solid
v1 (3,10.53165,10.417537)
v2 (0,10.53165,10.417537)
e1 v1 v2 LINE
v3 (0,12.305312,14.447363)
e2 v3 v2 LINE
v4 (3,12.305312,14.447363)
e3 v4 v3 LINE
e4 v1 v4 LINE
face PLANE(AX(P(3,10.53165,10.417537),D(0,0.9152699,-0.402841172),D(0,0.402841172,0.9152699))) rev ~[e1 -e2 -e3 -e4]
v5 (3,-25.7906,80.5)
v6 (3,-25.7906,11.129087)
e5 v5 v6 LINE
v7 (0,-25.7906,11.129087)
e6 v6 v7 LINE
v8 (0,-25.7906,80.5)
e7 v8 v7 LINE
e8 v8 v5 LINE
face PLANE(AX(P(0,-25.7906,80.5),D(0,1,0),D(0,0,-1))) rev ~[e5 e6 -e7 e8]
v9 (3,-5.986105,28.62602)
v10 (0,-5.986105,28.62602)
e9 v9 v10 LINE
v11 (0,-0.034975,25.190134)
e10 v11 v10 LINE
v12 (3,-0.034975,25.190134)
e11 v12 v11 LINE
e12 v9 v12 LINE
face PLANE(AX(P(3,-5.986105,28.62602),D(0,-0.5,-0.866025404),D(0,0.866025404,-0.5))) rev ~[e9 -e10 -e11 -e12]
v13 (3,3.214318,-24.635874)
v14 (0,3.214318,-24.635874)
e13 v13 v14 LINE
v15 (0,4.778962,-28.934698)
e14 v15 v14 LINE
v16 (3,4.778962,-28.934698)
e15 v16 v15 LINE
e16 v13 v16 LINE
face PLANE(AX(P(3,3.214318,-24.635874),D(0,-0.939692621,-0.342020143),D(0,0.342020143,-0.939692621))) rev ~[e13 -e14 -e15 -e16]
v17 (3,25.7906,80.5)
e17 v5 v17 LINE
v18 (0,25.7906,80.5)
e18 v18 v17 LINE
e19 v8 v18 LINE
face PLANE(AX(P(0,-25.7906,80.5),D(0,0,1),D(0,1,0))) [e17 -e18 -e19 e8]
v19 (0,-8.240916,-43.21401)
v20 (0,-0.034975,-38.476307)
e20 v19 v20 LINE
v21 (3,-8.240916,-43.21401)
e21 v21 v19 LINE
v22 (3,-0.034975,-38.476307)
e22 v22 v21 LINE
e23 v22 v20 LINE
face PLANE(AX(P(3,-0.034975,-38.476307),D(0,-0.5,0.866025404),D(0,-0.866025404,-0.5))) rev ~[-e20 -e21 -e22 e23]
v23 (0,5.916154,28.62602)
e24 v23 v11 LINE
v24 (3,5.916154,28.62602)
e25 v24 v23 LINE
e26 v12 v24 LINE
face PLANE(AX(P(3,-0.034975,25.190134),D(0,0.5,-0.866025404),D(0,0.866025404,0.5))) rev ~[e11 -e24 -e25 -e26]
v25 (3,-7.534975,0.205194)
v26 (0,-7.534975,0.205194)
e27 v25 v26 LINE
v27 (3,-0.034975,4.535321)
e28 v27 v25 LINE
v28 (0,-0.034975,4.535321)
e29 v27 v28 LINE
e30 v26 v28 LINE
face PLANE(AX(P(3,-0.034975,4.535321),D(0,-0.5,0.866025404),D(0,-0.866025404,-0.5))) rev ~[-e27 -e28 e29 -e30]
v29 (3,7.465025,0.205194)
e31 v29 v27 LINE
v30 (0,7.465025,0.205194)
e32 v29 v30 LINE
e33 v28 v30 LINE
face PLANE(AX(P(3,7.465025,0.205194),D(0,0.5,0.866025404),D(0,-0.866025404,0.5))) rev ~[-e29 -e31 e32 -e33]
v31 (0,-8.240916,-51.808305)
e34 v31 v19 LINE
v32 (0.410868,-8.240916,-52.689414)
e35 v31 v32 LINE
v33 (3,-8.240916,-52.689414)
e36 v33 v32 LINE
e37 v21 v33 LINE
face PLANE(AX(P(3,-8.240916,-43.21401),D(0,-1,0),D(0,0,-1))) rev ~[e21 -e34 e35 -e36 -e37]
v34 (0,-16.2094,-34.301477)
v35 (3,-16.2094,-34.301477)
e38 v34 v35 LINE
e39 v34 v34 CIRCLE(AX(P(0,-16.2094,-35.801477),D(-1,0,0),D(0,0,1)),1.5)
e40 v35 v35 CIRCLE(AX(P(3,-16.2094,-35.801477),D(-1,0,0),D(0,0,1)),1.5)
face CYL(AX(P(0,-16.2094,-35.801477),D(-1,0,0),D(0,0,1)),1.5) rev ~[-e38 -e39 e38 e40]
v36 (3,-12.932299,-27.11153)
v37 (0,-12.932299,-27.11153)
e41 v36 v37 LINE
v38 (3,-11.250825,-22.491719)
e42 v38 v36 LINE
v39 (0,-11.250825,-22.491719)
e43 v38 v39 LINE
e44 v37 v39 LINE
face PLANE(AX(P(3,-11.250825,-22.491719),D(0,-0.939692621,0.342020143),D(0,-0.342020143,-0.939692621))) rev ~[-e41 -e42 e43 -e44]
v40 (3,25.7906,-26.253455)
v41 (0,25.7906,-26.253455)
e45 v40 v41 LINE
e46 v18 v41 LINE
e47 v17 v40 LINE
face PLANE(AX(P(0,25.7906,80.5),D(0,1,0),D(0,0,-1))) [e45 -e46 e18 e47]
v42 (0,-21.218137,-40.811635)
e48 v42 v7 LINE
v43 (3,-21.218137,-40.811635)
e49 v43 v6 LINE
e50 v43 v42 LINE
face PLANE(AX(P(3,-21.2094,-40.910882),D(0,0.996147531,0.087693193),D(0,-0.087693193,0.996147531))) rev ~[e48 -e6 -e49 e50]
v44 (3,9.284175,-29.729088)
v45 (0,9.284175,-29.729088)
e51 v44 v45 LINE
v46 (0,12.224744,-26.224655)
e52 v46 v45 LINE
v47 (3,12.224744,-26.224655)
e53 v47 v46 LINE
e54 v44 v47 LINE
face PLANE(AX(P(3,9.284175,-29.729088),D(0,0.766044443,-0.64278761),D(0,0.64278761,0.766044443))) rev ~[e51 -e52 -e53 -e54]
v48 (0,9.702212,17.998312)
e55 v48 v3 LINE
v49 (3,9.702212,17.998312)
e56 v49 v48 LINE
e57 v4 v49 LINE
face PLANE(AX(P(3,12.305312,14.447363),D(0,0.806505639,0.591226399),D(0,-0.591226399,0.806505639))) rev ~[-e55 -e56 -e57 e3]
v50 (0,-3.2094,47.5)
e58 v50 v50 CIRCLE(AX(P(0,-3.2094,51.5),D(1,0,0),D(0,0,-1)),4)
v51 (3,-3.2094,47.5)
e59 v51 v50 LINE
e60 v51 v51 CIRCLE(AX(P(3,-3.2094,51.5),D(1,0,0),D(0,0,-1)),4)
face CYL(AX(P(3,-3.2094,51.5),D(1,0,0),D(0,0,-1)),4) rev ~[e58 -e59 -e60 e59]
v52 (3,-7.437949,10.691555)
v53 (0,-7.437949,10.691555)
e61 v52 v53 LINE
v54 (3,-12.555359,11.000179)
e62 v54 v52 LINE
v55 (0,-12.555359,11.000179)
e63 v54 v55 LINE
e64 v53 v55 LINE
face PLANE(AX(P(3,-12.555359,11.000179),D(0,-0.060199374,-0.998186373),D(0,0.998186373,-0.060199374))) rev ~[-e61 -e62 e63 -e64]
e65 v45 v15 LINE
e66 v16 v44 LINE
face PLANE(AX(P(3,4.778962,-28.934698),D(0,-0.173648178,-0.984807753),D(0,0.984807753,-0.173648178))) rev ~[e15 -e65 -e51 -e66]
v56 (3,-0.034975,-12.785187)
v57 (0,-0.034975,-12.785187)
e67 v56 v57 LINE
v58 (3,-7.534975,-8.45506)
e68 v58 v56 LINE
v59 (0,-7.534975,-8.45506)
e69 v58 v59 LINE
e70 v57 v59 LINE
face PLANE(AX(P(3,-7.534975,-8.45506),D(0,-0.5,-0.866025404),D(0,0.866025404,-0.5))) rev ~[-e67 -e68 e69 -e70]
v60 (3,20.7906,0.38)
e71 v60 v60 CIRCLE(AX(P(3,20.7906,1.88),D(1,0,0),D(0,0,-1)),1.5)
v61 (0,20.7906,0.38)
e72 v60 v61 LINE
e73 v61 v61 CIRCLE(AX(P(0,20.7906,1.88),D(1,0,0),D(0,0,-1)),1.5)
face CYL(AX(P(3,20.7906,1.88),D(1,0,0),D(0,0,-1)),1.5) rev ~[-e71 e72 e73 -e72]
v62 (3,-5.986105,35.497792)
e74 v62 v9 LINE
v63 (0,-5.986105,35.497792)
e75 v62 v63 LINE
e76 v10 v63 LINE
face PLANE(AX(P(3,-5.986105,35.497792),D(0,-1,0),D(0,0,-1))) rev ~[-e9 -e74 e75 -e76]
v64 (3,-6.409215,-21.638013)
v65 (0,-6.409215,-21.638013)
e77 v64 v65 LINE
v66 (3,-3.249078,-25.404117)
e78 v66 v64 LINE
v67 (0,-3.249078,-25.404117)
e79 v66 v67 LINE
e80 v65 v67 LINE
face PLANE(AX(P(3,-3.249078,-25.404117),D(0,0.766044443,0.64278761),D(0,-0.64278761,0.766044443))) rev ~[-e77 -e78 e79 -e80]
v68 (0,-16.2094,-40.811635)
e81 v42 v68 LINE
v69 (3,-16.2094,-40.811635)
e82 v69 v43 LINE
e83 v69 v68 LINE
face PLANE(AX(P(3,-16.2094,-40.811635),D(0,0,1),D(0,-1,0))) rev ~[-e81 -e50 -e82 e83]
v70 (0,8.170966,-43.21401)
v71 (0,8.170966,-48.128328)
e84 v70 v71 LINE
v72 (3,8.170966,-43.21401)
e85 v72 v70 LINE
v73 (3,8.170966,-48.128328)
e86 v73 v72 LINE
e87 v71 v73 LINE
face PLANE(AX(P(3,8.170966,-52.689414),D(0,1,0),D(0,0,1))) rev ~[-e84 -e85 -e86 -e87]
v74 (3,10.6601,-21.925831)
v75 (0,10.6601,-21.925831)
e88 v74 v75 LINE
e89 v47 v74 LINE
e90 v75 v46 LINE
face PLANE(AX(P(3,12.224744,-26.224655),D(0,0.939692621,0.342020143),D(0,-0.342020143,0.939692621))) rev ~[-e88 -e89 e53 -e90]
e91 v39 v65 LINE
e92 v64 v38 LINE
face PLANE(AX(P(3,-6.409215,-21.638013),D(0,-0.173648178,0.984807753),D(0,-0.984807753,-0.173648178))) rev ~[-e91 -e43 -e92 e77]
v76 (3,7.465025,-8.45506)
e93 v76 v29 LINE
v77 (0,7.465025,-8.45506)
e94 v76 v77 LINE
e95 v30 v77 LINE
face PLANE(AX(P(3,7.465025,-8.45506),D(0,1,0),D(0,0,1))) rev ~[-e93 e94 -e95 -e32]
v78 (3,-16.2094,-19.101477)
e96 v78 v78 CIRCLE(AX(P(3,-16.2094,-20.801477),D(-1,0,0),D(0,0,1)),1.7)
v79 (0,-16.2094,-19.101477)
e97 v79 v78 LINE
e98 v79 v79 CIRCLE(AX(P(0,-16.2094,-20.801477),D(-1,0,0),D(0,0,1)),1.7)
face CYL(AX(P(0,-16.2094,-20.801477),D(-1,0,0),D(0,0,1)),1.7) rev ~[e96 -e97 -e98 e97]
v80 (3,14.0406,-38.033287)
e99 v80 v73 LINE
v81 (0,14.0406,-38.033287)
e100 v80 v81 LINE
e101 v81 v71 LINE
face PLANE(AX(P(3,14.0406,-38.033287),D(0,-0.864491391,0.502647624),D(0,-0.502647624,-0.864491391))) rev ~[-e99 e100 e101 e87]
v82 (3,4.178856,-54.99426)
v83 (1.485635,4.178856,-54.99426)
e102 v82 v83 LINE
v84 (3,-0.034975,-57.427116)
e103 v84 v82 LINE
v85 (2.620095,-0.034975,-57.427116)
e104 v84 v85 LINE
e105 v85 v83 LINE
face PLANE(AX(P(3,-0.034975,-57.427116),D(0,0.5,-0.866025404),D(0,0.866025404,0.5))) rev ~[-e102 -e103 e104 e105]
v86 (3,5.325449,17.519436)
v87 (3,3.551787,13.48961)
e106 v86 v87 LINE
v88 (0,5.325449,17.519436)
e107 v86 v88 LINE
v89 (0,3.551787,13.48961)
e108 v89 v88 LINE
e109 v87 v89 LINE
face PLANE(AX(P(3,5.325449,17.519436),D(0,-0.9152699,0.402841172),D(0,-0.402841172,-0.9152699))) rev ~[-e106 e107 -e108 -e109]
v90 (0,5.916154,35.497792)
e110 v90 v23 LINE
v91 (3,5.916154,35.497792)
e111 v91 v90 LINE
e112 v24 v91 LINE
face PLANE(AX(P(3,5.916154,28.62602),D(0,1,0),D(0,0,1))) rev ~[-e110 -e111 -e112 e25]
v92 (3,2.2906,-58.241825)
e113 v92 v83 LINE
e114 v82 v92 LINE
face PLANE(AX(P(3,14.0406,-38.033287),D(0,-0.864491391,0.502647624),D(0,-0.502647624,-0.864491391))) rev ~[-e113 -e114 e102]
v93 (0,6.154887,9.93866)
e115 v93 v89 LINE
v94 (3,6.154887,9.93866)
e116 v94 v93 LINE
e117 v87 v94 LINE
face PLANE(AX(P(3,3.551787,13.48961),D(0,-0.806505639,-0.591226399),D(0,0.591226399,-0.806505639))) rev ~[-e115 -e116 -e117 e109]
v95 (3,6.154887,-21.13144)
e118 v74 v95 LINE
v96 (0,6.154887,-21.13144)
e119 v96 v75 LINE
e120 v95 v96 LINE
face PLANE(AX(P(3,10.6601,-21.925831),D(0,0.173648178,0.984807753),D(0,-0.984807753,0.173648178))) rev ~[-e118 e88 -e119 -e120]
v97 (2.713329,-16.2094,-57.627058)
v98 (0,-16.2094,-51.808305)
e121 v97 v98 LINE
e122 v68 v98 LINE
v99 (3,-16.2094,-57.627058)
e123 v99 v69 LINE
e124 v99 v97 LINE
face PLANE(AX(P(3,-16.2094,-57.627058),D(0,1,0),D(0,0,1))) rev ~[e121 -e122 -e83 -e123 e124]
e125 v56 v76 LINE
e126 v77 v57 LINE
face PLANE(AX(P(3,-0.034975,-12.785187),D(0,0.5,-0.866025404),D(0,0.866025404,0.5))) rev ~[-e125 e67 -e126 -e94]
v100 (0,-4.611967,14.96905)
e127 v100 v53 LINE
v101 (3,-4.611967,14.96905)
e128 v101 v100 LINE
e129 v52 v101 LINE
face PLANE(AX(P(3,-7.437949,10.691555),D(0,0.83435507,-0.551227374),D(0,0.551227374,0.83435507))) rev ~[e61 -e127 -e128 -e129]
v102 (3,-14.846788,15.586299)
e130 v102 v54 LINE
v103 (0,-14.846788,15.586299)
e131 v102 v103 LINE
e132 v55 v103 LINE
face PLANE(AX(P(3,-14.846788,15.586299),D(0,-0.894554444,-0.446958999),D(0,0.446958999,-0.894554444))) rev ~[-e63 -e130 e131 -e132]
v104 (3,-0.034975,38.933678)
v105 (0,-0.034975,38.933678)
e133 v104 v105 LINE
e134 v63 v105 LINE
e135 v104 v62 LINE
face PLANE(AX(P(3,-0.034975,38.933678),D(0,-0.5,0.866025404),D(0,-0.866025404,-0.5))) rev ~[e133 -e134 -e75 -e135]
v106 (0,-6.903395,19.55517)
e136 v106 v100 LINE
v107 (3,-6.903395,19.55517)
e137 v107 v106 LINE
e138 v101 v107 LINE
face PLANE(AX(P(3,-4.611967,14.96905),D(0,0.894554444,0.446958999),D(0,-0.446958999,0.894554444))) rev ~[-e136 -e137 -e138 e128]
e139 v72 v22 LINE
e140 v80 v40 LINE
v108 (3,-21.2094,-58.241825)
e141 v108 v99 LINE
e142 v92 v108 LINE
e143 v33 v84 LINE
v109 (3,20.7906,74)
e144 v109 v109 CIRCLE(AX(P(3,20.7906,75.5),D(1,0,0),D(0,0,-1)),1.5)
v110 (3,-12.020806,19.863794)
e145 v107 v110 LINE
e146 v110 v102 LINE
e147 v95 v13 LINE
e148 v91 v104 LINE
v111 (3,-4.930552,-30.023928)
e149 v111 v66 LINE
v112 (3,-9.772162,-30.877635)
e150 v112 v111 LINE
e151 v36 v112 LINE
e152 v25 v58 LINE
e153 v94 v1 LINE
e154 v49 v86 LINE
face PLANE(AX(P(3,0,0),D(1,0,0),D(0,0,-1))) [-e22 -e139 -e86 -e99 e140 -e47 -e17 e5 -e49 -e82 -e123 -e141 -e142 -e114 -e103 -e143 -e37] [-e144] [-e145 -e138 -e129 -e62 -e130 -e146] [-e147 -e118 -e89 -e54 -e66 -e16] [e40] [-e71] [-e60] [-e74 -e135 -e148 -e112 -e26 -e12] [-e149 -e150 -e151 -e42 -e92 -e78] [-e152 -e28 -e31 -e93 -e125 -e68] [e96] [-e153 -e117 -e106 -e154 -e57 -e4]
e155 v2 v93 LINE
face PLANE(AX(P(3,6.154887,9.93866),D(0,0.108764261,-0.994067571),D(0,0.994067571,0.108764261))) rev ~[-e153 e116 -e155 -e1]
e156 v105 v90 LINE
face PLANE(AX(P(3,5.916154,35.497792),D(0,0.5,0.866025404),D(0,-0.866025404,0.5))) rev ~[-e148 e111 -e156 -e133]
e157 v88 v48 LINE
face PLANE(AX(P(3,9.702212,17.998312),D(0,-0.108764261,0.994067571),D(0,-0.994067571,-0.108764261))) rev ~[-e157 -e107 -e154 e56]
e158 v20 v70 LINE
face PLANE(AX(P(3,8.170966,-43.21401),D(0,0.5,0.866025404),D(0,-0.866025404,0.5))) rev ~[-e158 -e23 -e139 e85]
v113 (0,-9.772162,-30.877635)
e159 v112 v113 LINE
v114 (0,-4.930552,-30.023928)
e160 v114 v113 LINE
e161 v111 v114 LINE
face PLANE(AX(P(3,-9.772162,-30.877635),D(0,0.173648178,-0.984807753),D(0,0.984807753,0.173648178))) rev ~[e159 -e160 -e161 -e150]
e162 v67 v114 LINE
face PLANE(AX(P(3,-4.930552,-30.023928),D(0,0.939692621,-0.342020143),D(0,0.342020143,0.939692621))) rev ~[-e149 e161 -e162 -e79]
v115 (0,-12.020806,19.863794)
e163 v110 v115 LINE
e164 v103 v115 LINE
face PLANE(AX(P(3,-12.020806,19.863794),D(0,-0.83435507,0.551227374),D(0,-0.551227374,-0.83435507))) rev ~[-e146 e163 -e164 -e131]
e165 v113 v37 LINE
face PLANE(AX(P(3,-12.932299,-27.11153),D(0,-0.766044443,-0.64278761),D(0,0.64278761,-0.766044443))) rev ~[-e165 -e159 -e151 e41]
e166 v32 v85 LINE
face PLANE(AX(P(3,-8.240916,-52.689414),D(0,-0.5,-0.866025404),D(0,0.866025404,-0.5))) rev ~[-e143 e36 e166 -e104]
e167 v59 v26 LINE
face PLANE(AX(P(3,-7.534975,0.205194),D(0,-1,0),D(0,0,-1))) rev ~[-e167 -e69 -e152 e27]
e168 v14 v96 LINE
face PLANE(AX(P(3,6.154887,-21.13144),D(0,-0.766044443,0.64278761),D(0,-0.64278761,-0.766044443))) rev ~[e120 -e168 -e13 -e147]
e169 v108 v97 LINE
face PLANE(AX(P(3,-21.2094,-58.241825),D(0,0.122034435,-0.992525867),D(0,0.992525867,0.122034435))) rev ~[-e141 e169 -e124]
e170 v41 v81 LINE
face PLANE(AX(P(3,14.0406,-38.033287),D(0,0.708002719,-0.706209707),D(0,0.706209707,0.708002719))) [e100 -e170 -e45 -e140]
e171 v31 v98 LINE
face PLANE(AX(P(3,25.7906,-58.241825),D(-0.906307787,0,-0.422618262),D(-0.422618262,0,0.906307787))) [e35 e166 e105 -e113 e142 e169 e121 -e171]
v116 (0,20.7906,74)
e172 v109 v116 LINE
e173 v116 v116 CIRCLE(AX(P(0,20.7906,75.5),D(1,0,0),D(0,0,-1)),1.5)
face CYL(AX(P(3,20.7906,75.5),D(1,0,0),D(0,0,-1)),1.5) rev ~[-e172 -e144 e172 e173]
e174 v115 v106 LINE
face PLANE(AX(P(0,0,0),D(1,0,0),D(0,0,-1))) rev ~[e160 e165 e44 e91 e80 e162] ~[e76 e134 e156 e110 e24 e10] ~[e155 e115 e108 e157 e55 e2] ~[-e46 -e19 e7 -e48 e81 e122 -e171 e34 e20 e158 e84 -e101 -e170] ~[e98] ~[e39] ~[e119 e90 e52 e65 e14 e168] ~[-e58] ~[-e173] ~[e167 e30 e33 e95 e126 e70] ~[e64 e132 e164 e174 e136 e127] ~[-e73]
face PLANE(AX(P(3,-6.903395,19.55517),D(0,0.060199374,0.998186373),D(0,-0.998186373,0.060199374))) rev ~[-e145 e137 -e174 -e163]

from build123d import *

# Parameters (mm, degrees)
CROQUIS1_W              = 161
CROQUIS1_H              = 51.5812
SALIENTE_EXTRUIR1_DEPTH = 3
CORTAR_EXTRUIR1_REACH   = 5
CROQUIS2_R              = 1.5
CROQUIS2_R_2            = 4
CORTAR_EXTRUIR2_REACH   = 5
CROQUIS3_R              = 1.5
CORTAR_EXTRUIR3_REACH   = 53.581
CORTAR_EXTRUIR4_DEPTH   = 3
CORTAR_EXTRUIR5_DEPTH   = 10
CORTAR_EXTRUIR6_REACH   = 5
CORTAR_EXTRUIR7_REACH   = 5
CROQUIS11_R             = 1.7
CORTAR_EXTRUIR9_DEPTH   = 10
CORTAR_EXTRUIR10_REACH  = 5


with BuildPart() as part:
    # Croquis1 → Saliente-Extruir1 (new body)
    with BuildSketch(Plane(origin=(0, 0, 0), x_dir=(0, 0, -1), z_dir=(1, 0, 0))):
        Rectangle(CROQUIS1_W, CROQUIS1_H)
    extrude(amount=SALIENTE_EXTRUIR1_DEPTH)

    # Croquis2 → Cortar-Extruir1 (cut, up to next)
    with BuildSketch(Plane(origin=(3, 0, 0), x_dir=(0, 0, -1), z_dir=(1, 0, 0)), mode=Mode.PRIVATE) as cortar_extruir1_sk1:
        with Locations((-75.5, 20.7906)):
            Circle(CROQUIS2_R)
    cortar_extruir1_tool1 = extrude(cortar_extruir1_sk1.sketch, amount=-CORTAR_EXTRUIR1_REACH, mode=Mode.PRIVATE) & part.part
    add(cortar_extruir1_tool1.solids().sort_by_distance((3, 20.7906, 75.5))[0], mode=Mode.SUBTRACT)
    # Croquis2 → Cortar-Extruir1 (cut, up to next)
    with BuildSketch(Plane(origin=(3, 0, 0), x_dir=(0, 0, -1), z_dir=(1, 0, 0)), mode=Mode.PRIVATE) as cortar_extruir1_sk2:
        with Locations((-1.88, 20.7906)):
            Circle(CROQUIS2_R)
    cortar_extruir1_tool2 = extrude(cortar_extruir1_sk2.sketch, amount=-CORTAR_EXTRUIR1_REACH, mode=Mode.PRIVATE) & part.part
    add(cortar_extruir1_tool2.solids().sort_by_distance((3, 20.7906, 1.88))[0], mode=Mode.SUBTRACT)
    # Croquis2 → Cortar-Extruir1 (cut, up to next)
    with BuildSketch(Plane(origin=(3, 0, 0), x_dir=(0, 0, -1), z_dir=(1, 0, 0)), mode=Mode.PRIVATE) as cortar_extruir1_sk3:
        with Locations((-51.5, -3.2094)):
            Circle(CROQUIS2_R_2)
    cortar_extruir1_tool3 = extrude(cortar_extruir1_sk3.sketch, amount=-CORTAR_EXTRUIR1_REACH, mode=Mode.PRIVATE) & part.part
    add(cortar_extruir1_tool3.solids().sort_by_distance((3, -3.2094, 51.5))[0], mode=Mode.SUBTRACT)

    # Croquis3 → Cortar-Extruir2 (cut, up to next)
    with BuildSketch(Plane.ZY, mode=Mode.PRIVATE) as cortar_extruir2_sk1:
        with Locations((-35.801477372, -16.2094)):
            Circle(CROQUIS3_R)
    cortar_extruir2_tool1 = extrude(cortar_extruir2_sk1.sketch, amount=-CORTAR_EXTRUIR2_REACH, mode=Mode.PRIVATE) & part.part
    add(cortar_extruir2_tool1.solids().sort_by_distance((0, -16.2094, -35.801477))[0], mode=Mode.SUBTRACT)

    # Croquis4 → Cortar-Extruir3 (cut, up to next)
    with BuildSketch(Plane(origin=(0, 25.7906, 0), x_dir=(1, 0, 0), z_dir=(0, 1, 0)), mode=Mode.PRIVATE) as cortar_extruir3_sk1:
        Polygon((0, 80.5), (3, 80.5), (3, 58.241825474), (0, 51.808304713), align=None)
    cortar_extruir3_tool1 = extrude(cortar_extruir3_sk1.sketch, amount=-CORTAR_EXTRUIR3_REACH, mode=Mode.PRIVATE) & part.part
    add(cortar_extruir3_tool1.solids().sort_by_distance((1.436864, 25.7906, -67.694835))[0], mode=Mode.SUBTRACT)

    # Croquis5 → Cortar-Extruir4 (cut)
    with BuildSketch(Plane(origin=(3, 0, 0), x_dir=(0, 0, -1), z_dir=(1, 0, 0))):
        Polygon((58.241825474, -25.7906), (58.241825474, -21.2094), (40.910881748, -21.2094), (-11.129087263, -25.7906), align=None)
    extrude(amount=-CORTAR_EXTRUIR4_DEPTH, mode=Mode.SUBTRACT)

    # Croquis6 → Cortar-Extruir5 (cut)
    with BuildSketch(Plane(origin=(3, 0, 0), x_dir=(0, 0, -1), z_dir=(1, 0, 0))):
        Polygon((58.241825474, 25.7906), (38.033287015, 25.7906), (38.033287015, 14.0406), (58.241825474, 2.2906), align=None)
    extrude(amount=-CORTAR_EXTRUIR5_DEPTH, mode=Mode.SUBTRACT)

    # Croquis7 → Cortar-Extruir6 (cut, up to next)
    with BuildSketch(Plane(origin=(3, 0, 0), x_dir=(0, 0, -1), z_dir=(1, 0, 0)), mode=Mode.PRIVATE) as cortar_extruir6_sk1:
        Polygon((38.033287015, 25.7906), (38.033287015, 14.0406), (26.25345467, 25.7906), align=None)
    cortar_extruir6_tool1 = extrude(cortar_extruir6_sk1.sketch, amount=-CORTAR_EXTRUIR6_REACH, mode=Mode.PRIVATE) & part.part
    add(cortar_extruir6_tool1.solids().sort_by_distance((3, 21.873933, -34.106676))[0], mode=Mode.SUBTRACT)

    # Croquis8 → Cortar-Extruir7 (cut, up to next)
    with BuildSketch(Plane(origin=(3, 0, 0), x_dir=(0, 0, -1), z_dir=(1, 0, 0)), mode=Mode.PRIVATE) as cortar_extruir7_sk1:
        Polygon((-38.933678241, -0.034975248), (-35.497792077, -5.986104652), (-28.626019751, -5.986104652), (-25.190133587, -0.034975248), (-28.626019751, 5.916154156), (-35.497792077, 5.916154156), align=None)
    cortar_extruir7_tool1 = extrude(cortar_extruir7_sk1.sketch, amount=-CORTAR_EXTRUIR7_REACH, mode=Mode.PRIVATE) & part.part
    add(cortar_extruir7_tool1.solids().sort_by_distance((3, -0.034975, 32.061906))[0], mode=Mode.SUBTRACT)
    # Croquis8 → Cortar-Extruir7 (cut, up to next)
    with BuildSketch(Plane(origin=(3, 0, 0), x_dir=(0, 0, -1), z_dir=(1, 0, 0)), mode=Mode.PRIVATE) as cortar_extruir7_sk2:
        Polygon((12.785187373, -0.034975248), (8.455060354, 7.465024752), (-0.205193684, 7.465024752), (-4.535320703, -0.034975248), (-0.205193684, -7.534975248), (8.455060354, -7.534975248), align=None)
    cortar_extruir7_tool2 = extrude(cortar_extruir7_sk2.sketch, amount=-CORTAR_EXTRUIR7_REACH, mode=Mode.PRIVATE) & part.part
    add(cortar_extruir7_tool2.solids().sort_by_distance((3, -0.034975, -4.124933))[0], mode=Mode.SUBTRACT)
    # Croquis8 → Cortar-Extruir7 (cut, up to next)
    with BuildSketch(Plane(origin=(3, 0, 0), x_dir=(0, 0, -1), z_dir=(1, 0, 0)), mode=Mode.PRIVATE) as cortar_extruir7_sk3:
        Polygon((29.729088218, 9.284175003), (26.224654714, 12.224743864), (21.925830627, 10.660099854), (21.131440044, 6.154886983), (24.635873548, 3.214318123), (28.934697635, 4.778962133), align=None)
    cortar_extruir7_tool3 = extrude(cortar_extruir7_sk3.sketch, amount=-CORTAR_EXTRUIR7_REACH, mode=Mode.PRIVATE) & part.part
    add(cortar_extruir7_tool3.solids().sort_by_distance((3, 7.719531, -25.430264))[0], mode=Mode.SUBTRACT)
    # Croquis8 → Cortar-Extruir7 (cut, up to next)
    with BuildSketch(Plane(origin=(3, 0, 0), x_dir=(0, 0, -1), z_dir=(1, 0, 0)), mode=Mode.PRIVATE) as cortar_extruir7_sk4:
        Polygon((-19.863794393, -12.020805521), (-15.586299257, -14.846787524), (-11.000179483, -12.555359073), (-10.691554846, -7.437948619), (-14.969049982, -4.611966616), (-19.555169756, -6.903395067), align=None)
    cortar_extruir7_tool4 = extrude(cortar_extruir7_sk4.sketch, amount=-CORTAR_EXTRUIR7_REACH, mode=Mode.PRIVATE) & part.part
    add(cortar_extruir7_tool4.solids().sort_by_distance((3, -9.729377, 15.277675))[0], mode=Mode.SUBTRACT)
    # Croquis8 → Cortar-Extruir7 (cut, up to next)
    with BuildSketch(Plane(origin=(3, 0, 0), x_dir=(0, 0, -1), z_dir=(1, 0, 0)), mode=Mode.PRIVATE) as cortar_extruir7_sk5:
        Polygon((-17.998312172, 9.702211727), (-17.519435903, 5.325448954), (-13.48961002, 3.551786582), (-9.938660407, 6.154886983), (-10.417536677, 10.531649757), (-14.447362559, 12.305312128), align=None)
    cortar_extruir7_tool5 = extrude(cortar_extruir7_sk5.sketch, amount=-CORTAR_EXTRUIR7_REACH, mode=Mode.PRIVATE) & part.part
    add(cortar_extruir7_tool5.solids().sort_by_distance((3, 7.928549, 13.968486))[0], mode=Mode.SUBTRACT)
    # Croquis8 → Cortar-Extruir7 (cut, up to next)
    with BuildSketch(Plane(origin=(3, 0, 0), x_dir=(0, 0, -1), z_dir=(1, 0, 0)), mode=Mode.PRIVATE) as cortar_extruir7_sk6:
        Polygon((30.877634676, -9.772162222), (30.023928106, -4.930551671), (25.404117088, -3.249077972), (21.63801264, -6.409214825), (22.491719211, -11.250825377), (27.111530229, -12.932299075), align=None)
    cortar_extruir7_tool6 = extrude(cortar_extruir7_sk6.sketch, amount=-CORTAR_EXTRUIR7_REACH, mode=Mode.PRIVATE) & part.part
    add(cortar_extruir7_tool6.solids().sort_by_distance((3, -8.090689, -26.257824))[0], mode=Mode.SUBTRACT)
    # Croquis8 → Cortar-Extruir7 (cut, up to next)
    with BuildSketch(Plane(origin=(3, 0, 0), x_dir=(0, 0, -1), z_dir=(1, 0, 0)), mode=Mode.PRIVATE) as cortar_extruir7_sk7:
        Polygon((57.427116401, -0.034975248), (52.689414159, 8.170965745), (43.214009677, 8.170965745), (38.476307436, -0.034975248), (43.214009677, -8.240916241), (52.689414159, -8.240916241), align=None)
    cortar_extruir7_tool7 = extrude(cortar_extruir7_sk7.sketch, amount=-CORTAR_EXTRUIR7_REACH, mode=Mode.PRIVATE) & part.part
    add(cortar_extruir7_tool7.solids().sort_by_distance((3, -0.034975, -47.951712))[0], mode=Mode.SUBTRACT)

    # Croquis11 → Cortar-Extruir9 (cut)
    with BuildSketch(Plane.ZY):
        with Locations((-20.801477372, -16.2094)):
            Circle(CROQUIS11_R)
    extrude(amount=-CORTAR_EXTRUIR9_DEPTH, mode=Mode.SUBTRACT)

    # Croquis12 → Cortar-Extruir10 (cut, up to next)
    with BuildSketch(Plane(origin=(3, 0, 0), x_dir=(0, 0, -1), z_dir=(1, 0, 0)), mode=Mode.PRIVATE) as cortar_extruir10_sk1:
        Polygon((58.241825474, -21.2094), (57.627058446, -16.2094), (40.81163491, -16.2094), (40.81163491, -21.218136931), (40.910881748, -21.2094), align=None)
    cortar_extruir10_tool1 = extrude(cortar_extruir10_sk1.sketch, amount=-CORTAR_EXTRUIR10_REACH, mode=Mode.PRIVATE) & part.part
    add(cortar_extruir10_tool1.solids().sort_by_distance((3, -18.724372, -49.373915))[0], mode=Mode.SUBTRACT)


solid = part.part
